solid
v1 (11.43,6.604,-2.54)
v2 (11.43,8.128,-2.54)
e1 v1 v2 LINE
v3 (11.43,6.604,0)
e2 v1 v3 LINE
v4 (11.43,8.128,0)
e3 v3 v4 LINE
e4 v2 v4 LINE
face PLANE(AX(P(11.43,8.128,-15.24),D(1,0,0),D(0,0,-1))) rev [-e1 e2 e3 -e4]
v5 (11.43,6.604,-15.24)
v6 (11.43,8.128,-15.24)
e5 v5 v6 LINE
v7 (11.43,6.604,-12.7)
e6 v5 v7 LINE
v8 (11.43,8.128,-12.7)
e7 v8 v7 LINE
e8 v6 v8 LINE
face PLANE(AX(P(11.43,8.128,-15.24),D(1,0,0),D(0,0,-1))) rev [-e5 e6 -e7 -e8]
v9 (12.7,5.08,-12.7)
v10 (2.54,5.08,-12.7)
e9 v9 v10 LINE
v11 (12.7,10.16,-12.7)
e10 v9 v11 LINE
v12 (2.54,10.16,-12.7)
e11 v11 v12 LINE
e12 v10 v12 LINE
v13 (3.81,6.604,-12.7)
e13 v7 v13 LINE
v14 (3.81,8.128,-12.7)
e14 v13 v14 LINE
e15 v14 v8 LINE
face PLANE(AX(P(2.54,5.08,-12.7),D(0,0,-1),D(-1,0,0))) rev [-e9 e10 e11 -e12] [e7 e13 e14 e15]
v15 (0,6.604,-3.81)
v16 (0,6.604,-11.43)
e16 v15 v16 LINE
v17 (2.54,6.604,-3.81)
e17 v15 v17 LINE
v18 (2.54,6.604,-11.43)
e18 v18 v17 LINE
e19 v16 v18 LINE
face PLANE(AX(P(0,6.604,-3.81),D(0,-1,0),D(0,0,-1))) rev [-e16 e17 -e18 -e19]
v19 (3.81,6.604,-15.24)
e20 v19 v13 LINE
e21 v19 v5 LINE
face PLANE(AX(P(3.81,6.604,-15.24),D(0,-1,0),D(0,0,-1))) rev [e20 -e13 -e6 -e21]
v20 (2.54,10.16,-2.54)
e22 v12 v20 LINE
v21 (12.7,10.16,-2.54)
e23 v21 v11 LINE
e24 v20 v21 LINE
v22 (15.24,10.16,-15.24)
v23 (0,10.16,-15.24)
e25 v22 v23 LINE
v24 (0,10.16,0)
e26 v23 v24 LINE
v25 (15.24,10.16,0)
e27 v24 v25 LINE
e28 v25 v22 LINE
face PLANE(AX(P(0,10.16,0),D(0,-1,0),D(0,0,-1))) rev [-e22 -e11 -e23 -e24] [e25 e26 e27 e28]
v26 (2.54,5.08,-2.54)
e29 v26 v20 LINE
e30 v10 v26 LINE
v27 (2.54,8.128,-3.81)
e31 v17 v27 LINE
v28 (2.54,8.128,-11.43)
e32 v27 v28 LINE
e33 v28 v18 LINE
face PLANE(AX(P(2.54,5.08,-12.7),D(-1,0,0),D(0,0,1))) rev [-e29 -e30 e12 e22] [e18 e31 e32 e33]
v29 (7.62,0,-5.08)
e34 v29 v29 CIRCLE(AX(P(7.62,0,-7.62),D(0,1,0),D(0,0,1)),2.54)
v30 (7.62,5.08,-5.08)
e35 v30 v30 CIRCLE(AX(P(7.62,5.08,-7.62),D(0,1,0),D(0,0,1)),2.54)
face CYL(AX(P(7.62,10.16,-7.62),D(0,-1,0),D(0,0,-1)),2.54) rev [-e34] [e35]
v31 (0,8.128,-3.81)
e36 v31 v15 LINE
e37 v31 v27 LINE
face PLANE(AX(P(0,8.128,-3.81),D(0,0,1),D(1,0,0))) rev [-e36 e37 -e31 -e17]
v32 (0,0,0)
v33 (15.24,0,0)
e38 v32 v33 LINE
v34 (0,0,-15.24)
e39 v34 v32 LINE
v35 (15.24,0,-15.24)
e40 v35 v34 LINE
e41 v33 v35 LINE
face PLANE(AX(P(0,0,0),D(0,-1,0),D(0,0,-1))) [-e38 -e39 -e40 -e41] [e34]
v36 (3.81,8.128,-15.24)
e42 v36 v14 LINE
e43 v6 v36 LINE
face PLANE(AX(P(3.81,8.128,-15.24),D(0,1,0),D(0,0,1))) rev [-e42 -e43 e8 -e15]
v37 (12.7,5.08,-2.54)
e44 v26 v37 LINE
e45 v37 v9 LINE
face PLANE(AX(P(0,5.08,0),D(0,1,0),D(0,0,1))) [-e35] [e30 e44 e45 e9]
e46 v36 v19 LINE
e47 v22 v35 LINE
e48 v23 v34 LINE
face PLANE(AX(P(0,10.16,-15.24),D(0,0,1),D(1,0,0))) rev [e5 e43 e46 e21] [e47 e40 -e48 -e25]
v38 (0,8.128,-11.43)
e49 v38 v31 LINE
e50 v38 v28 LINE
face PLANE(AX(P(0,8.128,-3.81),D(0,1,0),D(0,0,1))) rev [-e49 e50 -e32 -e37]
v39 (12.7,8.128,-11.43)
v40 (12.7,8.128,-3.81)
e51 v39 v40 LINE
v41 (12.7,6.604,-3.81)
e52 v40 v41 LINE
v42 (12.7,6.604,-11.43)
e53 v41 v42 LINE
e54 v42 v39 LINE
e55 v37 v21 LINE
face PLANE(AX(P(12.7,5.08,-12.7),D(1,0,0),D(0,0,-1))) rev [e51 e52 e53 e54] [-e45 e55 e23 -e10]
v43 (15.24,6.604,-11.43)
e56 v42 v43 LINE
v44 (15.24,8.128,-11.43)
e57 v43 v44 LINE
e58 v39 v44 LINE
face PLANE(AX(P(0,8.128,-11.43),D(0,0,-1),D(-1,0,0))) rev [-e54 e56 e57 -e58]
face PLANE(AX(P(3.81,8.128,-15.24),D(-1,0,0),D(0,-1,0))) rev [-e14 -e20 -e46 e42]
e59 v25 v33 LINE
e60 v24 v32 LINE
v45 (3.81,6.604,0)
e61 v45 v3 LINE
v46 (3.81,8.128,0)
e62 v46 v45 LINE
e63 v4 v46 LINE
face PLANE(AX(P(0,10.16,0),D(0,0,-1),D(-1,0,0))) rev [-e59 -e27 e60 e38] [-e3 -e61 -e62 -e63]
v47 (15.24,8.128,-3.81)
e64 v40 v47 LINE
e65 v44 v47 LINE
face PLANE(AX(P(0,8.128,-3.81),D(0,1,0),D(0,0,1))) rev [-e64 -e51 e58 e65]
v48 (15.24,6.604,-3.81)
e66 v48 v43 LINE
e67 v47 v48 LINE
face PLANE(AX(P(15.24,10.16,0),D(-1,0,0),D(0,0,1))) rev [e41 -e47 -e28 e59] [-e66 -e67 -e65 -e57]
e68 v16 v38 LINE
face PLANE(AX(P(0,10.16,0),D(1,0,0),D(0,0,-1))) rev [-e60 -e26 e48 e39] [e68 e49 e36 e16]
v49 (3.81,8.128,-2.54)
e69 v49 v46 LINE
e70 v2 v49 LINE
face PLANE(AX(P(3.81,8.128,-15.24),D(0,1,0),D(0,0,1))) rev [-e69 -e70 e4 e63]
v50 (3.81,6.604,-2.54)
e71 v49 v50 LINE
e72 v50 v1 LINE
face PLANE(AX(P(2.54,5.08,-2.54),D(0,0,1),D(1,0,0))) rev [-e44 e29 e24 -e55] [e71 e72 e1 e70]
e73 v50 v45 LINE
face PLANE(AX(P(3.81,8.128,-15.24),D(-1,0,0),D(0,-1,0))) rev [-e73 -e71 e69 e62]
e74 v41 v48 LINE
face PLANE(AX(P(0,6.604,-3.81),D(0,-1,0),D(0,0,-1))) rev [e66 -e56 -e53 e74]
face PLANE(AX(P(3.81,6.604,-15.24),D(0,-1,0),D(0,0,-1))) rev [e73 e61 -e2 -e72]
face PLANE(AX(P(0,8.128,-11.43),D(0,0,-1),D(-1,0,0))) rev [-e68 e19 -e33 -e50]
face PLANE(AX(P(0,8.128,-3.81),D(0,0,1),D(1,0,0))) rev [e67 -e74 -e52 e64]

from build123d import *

# Parameters (mm, degrees)
SKETCH1_W           = 15.24
SKETCH1_H           = 15.24
BOSS_EXTRUDE1_DEPTH = 10.16
SKETCH2_R           = 2.54
CUT_EXTRUDE3_DEPTH  = 10.16
SKETCH5_W           = 10.16
SKETCH5_H           = 10.16
CUT_EXTRUDE5_DEPTH  = 5.08
SKETCH7_W           = 7.62
SKETCH7_H           = 1.524
CUT_EXTRUDE6_DEPTH  = 15.24
SKETCH8_W           = 7.62
SKETCH8_H           = 1.524
CUT_EXTRUDE7_DEPTH  = 15.24


with BuildPart() as part:
    # Sketch1 → Boss-Extrude1 (new body)
    with BuildSketch(Plane(origin=(0, 0, 0), x_dir=(1, 0, 0), z_dir=(0, 1, 0))):
        with Locations((7.62, 7.62)):
            Rectangle(SKETCH1_W, SKETCH1_H)
    extrude(amount=BOSS_EXTRUDE1_DEPTH)

    # Sketch2 → Cut-Extrude3 (cut)
    with BuildSketch(Plane(origin=(0, 0, 0), x_dir=(1, 0, 0), z_dir=(0, 1, 0))):
        with Locations((7.62, 7.62)):
            Circle(SKETCH2_R)
    extrude(amount=CUT_EXTRUDE3_DEPTH, mode=Mode.SUBTRACT)

    # Sketch5 → Cut-Extrude5 (cut)
    with BuildSketch(Plane(origin=(0, 10.16, 0), x_dir=(1, 0, 0), z_dir=(0, 1, 0))):
        with Locations((7.62, 7.62)):
            Rectangle(SKETCH5_W, SKETCH5_H)
    extrude(amount=-CUT_EXTRUDE5_DEPTH, mode=Mode.SUBTRACT)

    # Sketch7 → Cut-Extrude6 (cut)
    with BuildSketch(Plane.XY):
        with Locations((7.62, 7.366)):
            Rectangle(SKETCH7_W, SKETCH7_H)
    extrude(amount=-CUT_EXTRUDE6_DEPTH, mode=Mode.SUBTRACT)

    # Sketch8 → Cut-Extrude7 (cut)
    with BuildSketch(Plane(origin=(15.24, 0, 0), x_dir=(0, 0, -1), z_dir=(1, 0, 0))):
        with Locations((7.62, 7.366)):
            Rectangle(SKETCH8_W, SKETCH8_H)
    extrude(amount=-CUT_EXTRUDE7_DEPTH, mode=Mode.SUBTRACT)


solid = part.part
